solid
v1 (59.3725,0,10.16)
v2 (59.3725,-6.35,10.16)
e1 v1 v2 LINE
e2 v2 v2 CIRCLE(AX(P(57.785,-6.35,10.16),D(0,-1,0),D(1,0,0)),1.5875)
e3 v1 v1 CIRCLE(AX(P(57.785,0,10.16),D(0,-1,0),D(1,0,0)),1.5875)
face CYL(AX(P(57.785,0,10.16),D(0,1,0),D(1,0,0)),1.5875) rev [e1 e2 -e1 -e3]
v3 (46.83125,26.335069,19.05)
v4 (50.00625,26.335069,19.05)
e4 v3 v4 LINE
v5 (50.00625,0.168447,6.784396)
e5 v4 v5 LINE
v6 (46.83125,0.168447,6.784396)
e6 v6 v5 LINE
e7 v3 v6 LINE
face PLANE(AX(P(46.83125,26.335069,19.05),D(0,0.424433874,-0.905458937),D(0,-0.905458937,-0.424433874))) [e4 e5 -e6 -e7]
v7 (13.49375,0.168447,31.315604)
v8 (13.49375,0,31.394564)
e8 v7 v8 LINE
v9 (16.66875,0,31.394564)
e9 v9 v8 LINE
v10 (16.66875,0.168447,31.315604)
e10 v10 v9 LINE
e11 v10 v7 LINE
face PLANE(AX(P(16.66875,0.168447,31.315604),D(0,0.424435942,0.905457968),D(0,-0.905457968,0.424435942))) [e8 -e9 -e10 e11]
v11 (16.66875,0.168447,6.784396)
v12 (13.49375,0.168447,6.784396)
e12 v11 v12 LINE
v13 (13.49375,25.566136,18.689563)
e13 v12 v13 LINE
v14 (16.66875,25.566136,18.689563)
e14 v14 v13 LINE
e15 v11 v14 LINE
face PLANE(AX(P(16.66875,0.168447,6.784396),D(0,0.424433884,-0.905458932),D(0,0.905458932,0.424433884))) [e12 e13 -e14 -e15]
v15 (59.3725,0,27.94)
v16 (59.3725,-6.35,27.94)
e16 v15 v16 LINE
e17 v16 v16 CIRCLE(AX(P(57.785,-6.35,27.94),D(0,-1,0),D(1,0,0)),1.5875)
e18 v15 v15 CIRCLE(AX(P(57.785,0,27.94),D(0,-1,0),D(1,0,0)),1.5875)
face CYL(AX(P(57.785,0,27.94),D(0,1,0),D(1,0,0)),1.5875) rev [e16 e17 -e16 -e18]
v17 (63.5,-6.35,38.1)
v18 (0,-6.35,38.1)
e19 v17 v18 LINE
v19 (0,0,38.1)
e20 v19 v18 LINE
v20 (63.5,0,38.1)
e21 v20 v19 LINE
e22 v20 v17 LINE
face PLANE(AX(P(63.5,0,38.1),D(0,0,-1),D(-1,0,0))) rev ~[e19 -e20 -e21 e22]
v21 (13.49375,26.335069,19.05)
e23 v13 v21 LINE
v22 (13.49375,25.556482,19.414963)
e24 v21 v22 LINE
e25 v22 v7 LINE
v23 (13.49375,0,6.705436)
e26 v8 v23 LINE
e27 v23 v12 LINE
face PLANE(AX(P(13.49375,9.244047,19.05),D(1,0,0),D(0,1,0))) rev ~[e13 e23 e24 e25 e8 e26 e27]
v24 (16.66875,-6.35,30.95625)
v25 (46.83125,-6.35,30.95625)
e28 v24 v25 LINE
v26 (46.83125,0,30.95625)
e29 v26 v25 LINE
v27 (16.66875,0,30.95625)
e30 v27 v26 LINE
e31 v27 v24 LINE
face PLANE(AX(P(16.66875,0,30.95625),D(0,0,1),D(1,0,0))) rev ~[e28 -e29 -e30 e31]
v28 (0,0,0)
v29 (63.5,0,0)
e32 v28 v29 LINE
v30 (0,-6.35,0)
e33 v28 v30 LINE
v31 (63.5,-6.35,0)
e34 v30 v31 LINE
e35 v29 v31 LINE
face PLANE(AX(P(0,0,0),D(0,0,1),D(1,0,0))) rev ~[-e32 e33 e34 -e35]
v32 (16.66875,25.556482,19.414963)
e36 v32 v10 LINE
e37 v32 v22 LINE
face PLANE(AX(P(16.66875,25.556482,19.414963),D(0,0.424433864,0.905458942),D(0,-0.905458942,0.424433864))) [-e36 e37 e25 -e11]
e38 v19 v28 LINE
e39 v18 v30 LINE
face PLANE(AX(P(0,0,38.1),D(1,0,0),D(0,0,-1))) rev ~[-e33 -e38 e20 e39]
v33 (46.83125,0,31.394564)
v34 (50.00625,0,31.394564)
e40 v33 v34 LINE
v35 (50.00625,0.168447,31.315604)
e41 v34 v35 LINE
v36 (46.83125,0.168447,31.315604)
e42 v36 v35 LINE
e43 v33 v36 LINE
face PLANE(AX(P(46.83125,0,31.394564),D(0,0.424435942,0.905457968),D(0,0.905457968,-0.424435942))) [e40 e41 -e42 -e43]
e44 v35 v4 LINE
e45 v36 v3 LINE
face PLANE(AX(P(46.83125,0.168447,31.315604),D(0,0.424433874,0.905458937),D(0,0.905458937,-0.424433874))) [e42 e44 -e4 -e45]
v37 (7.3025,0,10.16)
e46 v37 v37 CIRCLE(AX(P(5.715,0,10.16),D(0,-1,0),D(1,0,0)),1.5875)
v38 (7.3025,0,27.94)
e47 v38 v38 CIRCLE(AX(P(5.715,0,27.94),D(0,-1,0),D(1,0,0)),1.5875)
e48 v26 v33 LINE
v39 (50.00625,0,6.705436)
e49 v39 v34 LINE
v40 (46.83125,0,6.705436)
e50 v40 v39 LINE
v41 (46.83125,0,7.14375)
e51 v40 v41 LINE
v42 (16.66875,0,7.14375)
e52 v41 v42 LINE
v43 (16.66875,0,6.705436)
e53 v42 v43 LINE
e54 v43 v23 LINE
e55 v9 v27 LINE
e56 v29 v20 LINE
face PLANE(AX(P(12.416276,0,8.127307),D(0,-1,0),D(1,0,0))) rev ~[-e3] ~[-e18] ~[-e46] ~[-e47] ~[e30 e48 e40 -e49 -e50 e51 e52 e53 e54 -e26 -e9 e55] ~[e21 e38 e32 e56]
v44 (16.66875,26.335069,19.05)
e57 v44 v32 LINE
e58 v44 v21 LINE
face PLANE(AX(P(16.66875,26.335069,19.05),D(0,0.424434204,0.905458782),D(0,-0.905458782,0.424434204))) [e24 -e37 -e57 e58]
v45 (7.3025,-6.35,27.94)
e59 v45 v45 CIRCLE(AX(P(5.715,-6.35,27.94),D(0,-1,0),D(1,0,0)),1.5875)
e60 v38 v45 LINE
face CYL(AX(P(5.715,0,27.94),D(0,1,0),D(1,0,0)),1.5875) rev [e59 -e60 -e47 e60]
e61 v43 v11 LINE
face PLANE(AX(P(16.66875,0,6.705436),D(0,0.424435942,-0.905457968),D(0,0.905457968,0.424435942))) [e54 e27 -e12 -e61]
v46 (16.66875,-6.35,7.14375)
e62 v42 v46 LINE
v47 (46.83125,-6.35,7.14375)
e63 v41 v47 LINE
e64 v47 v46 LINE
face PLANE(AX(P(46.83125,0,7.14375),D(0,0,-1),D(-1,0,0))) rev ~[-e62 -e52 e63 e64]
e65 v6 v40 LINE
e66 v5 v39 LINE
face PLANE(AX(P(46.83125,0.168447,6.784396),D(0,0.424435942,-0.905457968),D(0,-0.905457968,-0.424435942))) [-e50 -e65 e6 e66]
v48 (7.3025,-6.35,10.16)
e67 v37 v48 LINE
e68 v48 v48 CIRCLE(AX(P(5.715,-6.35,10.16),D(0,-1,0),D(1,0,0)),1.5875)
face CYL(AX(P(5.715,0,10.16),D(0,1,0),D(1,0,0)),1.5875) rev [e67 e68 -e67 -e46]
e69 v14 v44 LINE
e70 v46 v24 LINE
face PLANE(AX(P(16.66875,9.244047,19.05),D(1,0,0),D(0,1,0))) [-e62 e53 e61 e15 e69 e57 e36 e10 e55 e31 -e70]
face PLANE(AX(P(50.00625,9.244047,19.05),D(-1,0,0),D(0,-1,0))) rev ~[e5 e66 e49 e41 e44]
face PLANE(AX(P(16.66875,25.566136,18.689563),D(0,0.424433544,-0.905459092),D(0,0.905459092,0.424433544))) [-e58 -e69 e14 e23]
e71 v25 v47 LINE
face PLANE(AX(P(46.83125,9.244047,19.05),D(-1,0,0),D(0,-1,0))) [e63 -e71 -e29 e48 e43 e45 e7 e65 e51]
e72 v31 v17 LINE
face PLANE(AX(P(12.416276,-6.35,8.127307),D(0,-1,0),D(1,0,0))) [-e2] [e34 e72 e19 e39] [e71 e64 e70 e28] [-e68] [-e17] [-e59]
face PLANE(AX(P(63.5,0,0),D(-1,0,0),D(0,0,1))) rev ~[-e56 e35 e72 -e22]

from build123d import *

# Parameters (mm, degrees)
F0_R     = 1.5875
F1_DEPTH = 6.35
F3_DEPTH = 3.175
F5_DEPTH = 3.175


with BuildPart() as f1:
    # F0 (on Front) → F1 (new body)
    with BuildSketch(Plane.XZ):
        Polygon((0, 19.05), (0, 0), (27.627938, 0), (27.627938, 7.14375), (16.66875, 7.14375), (16.66875, 19.05), align=None)
        with Locations((5.715, 10.16)):
            Circle(F0_R, mode=Mode.SUBTRACT)
        Polygon((27.627938, 7.14375), (27.627938, 0), (63.5, 0), (63.5, 22.522444), (46.83125, 22.522444), (46.83125, 7.14375), align=None)
        with Locations((57.785, 10.16)):
            Circle(F0_R, mode=Mode.SUBTRACT)
        Polygon((0, 38.1), (0, 19.05), (16.66875, 19.05), (16.66875, 30.95625), (31.060793, 30.95625), (31.060793, 38.1), align=None)
        with Locations((5.715, 27.94)):
            Circle(F0_R, mode=Mode.SUBTRACT)
        Polygon((46.83125, 22.522444), (63.5, 22.522444), (63.5, 38.1), (31.060793, 38.1), (31.060793, 30.95625), (46.83125, 30.95625), align=None)
        with Locations((57.785, 27.94)):
            Circle(F0_R, mode=Mode.SUBTRACT)
    extrude(amount=F1_DEPTH)

    # F2 (on face) → F3 (join)
    with BuildSketch(Plane.YZ.offset(16.66875)):
        Polygon((25.556482, 19.414963), (0.168447, 31.315604), (0, 31.394564), (0, 30.95625), (0, 7.14375), (0, 6.705436), (0.168447, 6.784396), (25.566136, 18.689563), (26.335069, 19.05), align=None)
    extrude(amount=-F3_DEPTH)

    # F4 (on face) → F5 (join)
    with BuildSketch(Plane(origin=(46.83125, 0, 0), x_dir=(0, -1, 0), z_dir=(-1, 0, 0))):
        Polygon((-0.168447, 31.315604), (-26.335069, 19.05), (-0.168447, 6.784396), (0, 6.705436), (0, 31.394564), align=None)
    extrude(amount=-F5_DEPTH)


solid = f1.part
